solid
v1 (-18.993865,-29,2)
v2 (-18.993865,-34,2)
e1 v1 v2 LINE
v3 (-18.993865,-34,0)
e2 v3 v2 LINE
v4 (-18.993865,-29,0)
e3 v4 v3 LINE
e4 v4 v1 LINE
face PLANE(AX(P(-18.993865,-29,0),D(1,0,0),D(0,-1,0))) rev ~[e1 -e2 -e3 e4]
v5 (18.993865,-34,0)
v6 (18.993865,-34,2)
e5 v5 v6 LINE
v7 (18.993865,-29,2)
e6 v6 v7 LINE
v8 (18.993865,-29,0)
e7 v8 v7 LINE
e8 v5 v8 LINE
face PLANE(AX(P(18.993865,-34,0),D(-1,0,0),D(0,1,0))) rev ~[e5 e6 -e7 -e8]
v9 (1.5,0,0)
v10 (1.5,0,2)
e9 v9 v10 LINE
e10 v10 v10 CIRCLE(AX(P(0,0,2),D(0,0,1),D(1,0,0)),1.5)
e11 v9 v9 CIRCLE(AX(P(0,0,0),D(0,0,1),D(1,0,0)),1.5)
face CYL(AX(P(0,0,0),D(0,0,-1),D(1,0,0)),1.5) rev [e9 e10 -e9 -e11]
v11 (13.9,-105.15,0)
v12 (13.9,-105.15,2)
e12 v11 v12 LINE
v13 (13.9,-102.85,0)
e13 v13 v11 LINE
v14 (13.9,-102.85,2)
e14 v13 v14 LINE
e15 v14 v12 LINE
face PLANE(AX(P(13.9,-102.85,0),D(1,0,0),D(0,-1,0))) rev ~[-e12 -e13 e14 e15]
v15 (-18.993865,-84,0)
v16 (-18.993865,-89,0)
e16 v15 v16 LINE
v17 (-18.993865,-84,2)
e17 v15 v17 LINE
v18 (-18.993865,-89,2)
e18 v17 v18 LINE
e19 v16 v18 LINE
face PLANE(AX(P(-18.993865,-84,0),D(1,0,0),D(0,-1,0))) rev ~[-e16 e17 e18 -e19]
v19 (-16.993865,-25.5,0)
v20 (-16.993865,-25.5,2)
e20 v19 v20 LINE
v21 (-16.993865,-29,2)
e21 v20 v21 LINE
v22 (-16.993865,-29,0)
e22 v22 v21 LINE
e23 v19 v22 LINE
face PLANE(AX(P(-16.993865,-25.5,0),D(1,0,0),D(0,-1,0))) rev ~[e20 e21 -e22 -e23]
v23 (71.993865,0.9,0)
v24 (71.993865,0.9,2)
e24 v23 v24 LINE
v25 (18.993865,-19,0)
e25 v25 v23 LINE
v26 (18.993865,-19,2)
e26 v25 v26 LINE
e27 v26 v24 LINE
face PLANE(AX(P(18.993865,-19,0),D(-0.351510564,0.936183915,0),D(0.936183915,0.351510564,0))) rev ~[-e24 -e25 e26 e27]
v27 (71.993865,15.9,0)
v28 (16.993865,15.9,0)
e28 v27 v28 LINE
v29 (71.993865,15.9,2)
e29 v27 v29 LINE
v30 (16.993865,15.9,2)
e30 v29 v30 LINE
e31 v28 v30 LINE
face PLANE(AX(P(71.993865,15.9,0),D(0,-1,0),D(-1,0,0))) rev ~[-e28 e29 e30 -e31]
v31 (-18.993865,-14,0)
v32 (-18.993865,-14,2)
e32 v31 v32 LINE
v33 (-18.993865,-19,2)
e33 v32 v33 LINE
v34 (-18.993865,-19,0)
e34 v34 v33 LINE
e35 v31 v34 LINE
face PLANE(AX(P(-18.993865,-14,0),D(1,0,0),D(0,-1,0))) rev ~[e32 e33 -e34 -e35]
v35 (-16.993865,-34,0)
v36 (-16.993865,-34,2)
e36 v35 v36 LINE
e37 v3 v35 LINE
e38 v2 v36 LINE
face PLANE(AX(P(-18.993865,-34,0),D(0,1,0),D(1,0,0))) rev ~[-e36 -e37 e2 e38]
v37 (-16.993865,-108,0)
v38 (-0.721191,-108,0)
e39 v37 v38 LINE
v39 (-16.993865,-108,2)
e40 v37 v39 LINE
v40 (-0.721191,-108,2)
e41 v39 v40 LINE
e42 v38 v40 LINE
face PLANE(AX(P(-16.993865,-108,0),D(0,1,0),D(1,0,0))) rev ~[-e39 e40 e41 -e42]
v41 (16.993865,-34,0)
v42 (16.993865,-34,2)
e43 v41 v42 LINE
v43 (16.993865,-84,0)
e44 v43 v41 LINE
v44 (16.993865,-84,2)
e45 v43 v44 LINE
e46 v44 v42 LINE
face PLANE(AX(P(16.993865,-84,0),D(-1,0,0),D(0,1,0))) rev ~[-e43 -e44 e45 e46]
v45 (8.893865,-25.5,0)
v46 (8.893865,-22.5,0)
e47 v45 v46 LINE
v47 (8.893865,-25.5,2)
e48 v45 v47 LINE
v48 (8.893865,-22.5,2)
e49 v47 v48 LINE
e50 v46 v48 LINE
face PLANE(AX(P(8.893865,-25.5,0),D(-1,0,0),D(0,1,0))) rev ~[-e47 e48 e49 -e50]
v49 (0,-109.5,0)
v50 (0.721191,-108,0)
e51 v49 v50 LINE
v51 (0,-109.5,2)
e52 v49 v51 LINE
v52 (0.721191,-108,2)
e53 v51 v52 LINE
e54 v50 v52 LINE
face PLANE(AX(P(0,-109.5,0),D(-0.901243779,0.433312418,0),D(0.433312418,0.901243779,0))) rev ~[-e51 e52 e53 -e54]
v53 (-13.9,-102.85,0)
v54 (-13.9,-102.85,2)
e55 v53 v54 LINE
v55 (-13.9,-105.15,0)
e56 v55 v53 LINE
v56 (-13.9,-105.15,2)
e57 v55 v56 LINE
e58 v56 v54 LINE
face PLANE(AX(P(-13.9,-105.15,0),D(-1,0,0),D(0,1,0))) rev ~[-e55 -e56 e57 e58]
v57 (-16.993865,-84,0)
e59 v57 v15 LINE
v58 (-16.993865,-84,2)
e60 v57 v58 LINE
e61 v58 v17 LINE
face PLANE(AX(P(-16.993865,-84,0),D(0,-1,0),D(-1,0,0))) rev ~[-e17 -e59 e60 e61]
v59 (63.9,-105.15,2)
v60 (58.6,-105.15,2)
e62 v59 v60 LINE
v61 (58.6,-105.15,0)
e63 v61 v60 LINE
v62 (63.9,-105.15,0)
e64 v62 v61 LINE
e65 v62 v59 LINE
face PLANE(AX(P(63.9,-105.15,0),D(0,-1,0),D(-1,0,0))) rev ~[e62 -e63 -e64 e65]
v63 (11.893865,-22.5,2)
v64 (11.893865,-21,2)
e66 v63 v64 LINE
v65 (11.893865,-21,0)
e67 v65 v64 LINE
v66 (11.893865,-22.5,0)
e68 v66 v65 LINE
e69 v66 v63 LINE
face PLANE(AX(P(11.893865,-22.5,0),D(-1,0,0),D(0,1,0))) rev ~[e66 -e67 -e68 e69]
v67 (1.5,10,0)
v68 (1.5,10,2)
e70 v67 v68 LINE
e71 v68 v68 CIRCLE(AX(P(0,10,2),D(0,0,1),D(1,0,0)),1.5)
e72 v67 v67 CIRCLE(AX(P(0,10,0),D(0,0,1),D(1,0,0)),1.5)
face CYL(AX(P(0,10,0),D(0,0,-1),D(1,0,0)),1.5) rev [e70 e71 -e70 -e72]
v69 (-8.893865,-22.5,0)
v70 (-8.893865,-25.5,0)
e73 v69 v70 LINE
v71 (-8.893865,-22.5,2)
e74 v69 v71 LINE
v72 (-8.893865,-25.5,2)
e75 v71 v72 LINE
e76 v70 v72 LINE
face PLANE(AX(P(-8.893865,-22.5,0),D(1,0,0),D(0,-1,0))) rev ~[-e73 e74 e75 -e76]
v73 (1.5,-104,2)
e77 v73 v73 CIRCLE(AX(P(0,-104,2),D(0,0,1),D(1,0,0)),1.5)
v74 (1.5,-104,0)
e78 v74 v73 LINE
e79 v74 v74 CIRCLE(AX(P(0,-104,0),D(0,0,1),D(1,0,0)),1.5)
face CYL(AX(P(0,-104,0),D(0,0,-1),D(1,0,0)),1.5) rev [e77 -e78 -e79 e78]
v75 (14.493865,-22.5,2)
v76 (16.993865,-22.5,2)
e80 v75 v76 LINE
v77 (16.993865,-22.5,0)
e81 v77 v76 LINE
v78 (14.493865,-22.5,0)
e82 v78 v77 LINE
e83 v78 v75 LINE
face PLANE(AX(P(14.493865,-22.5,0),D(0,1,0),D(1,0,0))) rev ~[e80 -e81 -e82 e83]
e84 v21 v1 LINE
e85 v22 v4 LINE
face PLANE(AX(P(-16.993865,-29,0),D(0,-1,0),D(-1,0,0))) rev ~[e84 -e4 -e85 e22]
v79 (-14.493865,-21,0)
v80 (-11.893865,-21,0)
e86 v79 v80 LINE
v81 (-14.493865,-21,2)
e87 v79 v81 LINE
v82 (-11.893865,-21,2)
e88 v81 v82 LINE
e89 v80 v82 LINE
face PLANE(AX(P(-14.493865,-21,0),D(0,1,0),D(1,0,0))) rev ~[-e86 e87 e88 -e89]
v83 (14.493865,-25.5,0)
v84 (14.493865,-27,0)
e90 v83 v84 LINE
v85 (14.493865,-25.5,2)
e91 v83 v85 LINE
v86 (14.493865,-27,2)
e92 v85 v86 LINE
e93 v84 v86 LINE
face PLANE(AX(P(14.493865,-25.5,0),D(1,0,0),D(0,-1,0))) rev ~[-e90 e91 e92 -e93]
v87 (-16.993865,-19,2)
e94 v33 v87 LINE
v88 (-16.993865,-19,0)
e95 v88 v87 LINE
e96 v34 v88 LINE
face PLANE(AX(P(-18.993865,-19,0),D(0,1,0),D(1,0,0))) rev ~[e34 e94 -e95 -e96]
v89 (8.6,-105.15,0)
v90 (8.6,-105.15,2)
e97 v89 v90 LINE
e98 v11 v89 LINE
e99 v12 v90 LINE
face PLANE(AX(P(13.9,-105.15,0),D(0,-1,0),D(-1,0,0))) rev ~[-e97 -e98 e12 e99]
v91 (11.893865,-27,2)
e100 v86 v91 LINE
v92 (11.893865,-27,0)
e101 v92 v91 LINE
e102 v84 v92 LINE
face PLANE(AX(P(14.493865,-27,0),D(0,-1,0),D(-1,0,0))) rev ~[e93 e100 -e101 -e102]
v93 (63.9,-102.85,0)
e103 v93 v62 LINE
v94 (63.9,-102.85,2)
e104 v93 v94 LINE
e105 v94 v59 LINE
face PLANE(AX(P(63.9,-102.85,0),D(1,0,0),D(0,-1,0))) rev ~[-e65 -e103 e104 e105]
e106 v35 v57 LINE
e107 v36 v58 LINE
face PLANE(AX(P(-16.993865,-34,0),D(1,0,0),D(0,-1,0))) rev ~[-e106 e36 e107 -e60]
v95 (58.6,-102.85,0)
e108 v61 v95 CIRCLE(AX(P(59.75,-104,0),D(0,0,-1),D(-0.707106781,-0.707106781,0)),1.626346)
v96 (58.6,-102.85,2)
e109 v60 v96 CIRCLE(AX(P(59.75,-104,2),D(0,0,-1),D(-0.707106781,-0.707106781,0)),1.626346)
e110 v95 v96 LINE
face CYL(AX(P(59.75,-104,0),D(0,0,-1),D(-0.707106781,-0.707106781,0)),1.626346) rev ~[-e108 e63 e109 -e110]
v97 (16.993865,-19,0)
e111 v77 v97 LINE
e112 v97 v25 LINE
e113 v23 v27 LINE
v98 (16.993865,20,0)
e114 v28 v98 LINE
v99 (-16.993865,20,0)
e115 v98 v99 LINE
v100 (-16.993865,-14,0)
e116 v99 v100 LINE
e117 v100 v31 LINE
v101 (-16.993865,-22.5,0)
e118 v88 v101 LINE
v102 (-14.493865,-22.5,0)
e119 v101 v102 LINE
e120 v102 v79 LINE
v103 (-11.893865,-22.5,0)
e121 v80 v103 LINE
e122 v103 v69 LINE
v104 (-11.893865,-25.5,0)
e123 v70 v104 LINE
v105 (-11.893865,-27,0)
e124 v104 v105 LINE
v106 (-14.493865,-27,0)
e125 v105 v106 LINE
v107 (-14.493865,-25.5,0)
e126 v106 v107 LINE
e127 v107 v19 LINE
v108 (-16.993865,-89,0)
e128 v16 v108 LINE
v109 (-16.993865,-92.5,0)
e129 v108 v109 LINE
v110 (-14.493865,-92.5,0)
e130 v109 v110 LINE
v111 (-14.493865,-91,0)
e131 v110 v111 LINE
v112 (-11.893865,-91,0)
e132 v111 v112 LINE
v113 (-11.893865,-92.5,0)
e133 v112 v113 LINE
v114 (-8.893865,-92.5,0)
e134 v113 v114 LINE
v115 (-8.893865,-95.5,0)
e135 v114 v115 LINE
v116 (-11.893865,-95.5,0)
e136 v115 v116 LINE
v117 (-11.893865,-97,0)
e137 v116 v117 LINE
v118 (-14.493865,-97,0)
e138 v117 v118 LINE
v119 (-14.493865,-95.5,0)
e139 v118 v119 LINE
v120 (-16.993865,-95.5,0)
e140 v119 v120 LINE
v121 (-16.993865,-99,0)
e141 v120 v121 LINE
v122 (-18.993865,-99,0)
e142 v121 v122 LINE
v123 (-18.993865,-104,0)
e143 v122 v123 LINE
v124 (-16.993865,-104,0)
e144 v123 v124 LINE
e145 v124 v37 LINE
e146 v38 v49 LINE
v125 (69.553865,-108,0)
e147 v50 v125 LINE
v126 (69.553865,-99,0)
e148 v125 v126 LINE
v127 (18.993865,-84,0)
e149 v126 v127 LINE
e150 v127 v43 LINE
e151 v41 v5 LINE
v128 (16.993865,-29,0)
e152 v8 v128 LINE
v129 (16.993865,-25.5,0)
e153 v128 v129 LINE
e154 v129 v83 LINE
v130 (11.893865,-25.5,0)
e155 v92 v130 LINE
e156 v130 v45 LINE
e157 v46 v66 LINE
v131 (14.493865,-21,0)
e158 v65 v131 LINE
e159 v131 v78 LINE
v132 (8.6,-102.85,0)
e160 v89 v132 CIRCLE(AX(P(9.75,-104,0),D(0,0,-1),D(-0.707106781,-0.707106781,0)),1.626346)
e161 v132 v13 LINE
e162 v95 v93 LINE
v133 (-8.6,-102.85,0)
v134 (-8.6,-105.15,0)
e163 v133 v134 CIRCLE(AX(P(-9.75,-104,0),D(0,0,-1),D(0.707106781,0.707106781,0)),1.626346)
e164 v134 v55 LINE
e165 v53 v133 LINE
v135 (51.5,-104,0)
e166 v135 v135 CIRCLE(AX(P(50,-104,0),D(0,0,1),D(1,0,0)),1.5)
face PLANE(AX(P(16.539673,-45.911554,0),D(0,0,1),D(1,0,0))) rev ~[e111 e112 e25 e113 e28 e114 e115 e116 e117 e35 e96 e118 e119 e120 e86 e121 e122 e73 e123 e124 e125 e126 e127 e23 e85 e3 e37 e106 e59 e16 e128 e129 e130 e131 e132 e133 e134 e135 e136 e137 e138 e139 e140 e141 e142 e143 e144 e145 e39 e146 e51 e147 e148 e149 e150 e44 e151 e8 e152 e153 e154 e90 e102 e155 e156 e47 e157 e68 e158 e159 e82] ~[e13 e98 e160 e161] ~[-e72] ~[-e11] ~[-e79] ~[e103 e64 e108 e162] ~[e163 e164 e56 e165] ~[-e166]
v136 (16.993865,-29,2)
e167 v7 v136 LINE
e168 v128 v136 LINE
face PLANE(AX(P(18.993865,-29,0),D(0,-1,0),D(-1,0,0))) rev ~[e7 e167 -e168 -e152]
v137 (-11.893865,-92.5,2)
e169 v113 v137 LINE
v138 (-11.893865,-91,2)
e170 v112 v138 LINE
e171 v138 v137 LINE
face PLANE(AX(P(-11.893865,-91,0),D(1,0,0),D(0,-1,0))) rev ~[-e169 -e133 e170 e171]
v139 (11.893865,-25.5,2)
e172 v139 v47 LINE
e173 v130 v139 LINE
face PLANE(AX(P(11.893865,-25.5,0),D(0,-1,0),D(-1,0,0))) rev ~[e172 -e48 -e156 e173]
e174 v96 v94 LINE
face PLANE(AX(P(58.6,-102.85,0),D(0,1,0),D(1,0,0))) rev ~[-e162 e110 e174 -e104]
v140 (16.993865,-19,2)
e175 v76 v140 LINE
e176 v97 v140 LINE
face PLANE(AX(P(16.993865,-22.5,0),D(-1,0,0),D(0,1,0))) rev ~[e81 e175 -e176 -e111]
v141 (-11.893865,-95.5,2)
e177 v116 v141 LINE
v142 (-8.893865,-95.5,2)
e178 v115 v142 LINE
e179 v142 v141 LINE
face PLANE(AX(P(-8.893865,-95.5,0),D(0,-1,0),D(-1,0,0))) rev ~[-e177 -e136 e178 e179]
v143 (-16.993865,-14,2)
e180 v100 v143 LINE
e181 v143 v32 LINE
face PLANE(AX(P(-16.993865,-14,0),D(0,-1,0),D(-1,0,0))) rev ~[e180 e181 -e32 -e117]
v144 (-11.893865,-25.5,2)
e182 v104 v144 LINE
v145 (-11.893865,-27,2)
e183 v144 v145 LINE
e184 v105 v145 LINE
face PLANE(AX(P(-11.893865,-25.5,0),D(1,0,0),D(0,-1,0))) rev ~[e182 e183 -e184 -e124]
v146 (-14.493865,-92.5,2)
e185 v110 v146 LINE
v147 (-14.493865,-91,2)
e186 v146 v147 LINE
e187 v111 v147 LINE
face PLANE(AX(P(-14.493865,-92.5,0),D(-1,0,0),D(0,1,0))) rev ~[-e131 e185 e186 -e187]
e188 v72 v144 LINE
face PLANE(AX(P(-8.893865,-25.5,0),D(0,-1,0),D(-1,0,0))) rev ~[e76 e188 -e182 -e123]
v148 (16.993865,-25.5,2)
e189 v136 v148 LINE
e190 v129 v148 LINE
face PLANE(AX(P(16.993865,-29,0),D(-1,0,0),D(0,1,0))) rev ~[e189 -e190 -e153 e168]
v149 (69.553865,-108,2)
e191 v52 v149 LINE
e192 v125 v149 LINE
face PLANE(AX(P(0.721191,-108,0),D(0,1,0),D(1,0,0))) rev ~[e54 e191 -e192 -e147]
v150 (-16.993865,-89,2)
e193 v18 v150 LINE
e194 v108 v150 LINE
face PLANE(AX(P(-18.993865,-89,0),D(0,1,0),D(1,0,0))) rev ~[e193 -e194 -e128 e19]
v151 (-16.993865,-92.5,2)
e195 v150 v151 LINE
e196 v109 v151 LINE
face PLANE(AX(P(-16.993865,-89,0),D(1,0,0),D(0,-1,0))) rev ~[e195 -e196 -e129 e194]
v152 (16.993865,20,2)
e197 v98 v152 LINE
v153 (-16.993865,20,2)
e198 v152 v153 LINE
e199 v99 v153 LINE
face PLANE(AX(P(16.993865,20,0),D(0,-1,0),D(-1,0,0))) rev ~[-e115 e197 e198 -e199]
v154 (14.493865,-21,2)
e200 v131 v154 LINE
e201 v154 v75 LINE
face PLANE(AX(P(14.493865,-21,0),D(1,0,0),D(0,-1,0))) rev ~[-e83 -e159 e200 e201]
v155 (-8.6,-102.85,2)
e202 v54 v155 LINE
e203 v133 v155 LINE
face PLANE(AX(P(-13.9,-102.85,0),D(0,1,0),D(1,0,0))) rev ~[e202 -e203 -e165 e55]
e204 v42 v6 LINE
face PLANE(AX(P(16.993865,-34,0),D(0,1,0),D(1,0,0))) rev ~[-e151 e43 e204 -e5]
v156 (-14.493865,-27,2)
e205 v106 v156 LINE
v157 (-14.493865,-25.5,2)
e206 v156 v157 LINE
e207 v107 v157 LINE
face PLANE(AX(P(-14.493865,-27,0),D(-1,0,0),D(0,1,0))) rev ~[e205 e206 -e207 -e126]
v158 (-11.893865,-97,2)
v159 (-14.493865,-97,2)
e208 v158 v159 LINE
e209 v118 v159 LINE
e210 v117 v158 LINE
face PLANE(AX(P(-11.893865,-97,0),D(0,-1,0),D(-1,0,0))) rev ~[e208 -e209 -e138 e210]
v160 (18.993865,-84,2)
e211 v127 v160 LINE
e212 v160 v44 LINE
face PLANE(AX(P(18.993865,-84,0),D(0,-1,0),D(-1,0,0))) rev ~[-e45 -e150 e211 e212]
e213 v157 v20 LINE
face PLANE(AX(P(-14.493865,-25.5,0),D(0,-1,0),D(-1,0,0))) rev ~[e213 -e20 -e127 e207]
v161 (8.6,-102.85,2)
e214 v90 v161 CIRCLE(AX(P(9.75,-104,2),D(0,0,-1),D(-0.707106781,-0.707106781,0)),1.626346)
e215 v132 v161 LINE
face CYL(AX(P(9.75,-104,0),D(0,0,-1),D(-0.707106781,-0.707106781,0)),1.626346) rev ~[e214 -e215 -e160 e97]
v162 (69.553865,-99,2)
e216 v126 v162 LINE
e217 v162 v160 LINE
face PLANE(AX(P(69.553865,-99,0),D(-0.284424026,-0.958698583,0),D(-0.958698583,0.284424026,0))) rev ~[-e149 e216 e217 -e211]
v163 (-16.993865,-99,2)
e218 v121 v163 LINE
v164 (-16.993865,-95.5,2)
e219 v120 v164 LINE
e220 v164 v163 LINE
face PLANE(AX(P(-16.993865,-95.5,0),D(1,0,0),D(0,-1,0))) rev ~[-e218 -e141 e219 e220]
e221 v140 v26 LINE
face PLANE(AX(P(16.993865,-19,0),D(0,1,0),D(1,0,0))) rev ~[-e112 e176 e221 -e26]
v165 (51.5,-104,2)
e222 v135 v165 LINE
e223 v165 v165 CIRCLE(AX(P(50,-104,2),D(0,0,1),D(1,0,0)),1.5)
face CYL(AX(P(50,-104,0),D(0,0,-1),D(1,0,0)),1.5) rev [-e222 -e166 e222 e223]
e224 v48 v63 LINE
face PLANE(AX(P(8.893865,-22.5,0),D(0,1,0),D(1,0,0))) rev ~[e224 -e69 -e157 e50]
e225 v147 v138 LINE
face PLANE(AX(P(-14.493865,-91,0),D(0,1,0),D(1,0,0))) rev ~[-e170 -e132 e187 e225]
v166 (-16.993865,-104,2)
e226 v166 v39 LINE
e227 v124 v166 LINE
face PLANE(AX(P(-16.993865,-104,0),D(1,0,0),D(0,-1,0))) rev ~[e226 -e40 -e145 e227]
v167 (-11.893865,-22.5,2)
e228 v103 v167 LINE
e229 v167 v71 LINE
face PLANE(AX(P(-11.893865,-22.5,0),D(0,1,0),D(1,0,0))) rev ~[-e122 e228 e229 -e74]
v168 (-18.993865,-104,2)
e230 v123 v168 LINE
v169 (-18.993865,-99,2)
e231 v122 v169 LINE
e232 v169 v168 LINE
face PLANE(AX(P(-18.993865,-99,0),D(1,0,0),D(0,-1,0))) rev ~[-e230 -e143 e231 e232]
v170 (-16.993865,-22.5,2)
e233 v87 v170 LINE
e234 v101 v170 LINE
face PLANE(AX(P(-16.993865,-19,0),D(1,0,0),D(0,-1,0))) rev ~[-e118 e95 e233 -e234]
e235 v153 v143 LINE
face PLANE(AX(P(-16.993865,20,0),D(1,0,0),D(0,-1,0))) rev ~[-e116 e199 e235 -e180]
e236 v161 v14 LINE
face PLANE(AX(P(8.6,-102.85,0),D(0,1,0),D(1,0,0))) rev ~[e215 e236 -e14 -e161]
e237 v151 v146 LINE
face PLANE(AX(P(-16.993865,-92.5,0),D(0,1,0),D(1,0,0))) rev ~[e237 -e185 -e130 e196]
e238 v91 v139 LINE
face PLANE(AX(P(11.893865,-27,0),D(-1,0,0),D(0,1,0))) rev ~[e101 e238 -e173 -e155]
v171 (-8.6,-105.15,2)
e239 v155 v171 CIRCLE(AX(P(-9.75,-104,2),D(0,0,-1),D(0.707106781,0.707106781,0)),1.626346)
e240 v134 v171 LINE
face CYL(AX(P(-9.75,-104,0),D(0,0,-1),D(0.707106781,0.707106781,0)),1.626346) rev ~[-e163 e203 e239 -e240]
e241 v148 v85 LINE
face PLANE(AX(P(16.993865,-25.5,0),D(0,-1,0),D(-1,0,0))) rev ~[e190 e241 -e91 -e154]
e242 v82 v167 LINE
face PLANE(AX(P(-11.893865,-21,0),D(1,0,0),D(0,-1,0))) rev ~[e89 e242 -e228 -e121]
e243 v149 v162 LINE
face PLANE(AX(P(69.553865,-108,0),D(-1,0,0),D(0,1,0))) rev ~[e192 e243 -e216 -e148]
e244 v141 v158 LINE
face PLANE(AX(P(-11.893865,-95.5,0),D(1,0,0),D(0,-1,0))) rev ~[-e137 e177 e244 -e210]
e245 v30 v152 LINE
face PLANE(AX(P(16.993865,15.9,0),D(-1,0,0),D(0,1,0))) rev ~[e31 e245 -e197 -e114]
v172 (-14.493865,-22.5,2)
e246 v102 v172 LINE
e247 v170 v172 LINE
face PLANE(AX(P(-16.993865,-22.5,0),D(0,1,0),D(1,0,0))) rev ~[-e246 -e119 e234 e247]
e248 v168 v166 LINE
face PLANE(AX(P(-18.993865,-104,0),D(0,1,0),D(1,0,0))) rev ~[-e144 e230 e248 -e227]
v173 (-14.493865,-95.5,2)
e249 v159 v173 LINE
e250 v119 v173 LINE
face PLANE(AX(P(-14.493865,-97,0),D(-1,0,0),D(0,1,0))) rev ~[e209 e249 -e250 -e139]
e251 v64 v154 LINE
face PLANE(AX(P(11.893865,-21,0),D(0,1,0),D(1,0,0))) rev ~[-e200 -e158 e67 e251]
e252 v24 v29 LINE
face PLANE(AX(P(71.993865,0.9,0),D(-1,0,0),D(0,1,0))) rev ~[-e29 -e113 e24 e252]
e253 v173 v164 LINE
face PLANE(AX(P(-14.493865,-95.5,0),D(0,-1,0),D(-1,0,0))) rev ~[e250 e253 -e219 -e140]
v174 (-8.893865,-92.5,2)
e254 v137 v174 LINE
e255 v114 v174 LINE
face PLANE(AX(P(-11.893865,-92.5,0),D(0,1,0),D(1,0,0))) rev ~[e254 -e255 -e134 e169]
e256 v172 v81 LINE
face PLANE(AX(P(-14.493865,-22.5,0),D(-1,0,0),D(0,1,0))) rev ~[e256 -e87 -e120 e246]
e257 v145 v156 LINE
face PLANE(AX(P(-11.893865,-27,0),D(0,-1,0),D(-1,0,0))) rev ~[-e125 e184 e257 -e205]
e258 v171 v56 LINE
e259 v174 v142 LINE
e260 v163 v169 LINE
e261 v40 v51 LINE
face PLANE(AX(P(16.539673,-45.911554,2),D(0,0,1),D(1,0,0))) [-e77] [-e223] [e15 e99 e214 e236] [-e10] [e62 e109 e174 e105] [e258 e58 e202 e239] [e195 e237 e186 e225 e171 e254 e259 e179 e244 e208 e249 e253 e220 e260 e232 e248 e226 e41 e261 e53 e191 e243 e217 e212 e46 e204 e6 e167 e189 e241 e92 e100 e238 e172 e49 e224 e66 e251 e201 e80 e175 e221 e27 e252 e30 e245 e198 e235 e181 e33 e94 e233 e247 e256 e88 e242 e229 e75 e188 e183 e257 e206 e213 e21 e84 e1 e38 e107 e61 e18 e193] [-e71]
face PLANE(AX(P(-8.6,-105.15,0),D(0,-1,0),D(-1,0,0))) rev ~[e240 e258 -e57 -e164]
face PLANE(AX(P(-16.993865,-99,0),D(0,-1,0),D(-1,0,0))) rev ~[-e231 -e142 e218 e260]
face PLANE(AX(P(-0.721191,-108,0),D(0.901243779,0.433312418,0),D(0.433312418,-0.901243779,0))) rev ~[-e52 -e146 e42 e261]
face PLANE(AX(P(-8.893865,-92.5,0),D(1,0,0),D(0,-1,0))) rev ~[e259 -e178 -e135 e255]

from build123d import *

# Parameters (mm, degrees)
SKETCH_1_R      = 1.5
EXTRUDE_1_DEPTH = 2


with BuildPart() as part:
    # 草图1 → 凸台-拉伸1 (new body)
    with BuildSketch(Plane.XY):
        Polygon((16.993865071, 15.9), (16.993865071, 20), (-16.993865071, 20), (-16.993865071, 15.9), (-16.993865071, -14), (-18.993865071, -14), (-18.993865071, -19), (-16.993865071, -19), (-16.993865071, -22.5), (-14.493865071, -22.5), (-14.493865071, -21), (-11.893865071, -21), (-11.893865071, -22.5), (-8.893865071, -22.5), (-8.893865071, -25.5), (-11.893865071, -25.5), (-11.893865071, -27), (-14.493865071, -27), (-14.493865071, -25.5), (-16.993865071, -25.5), (-16.993865071, -29), (-18.993865071, -29), (-18.993865071, -34), (-16.993865071, -34), (-16.993865071, -84), (-18.993865071, -84), (-18.993865071, -89), (-16.993865071, -89), (-16.993865071, -92.5), (-14.493865071, -92.5), (-14.493865071, -91), (-11.893865071, -91), (-11.893865071, -92.5), (-8.893865071, -92.5), (-8.893865071, -95.5), (-11.893865071, -95.5), (-11.893865071, -97), (-14.493865071, -97), (-14.493865071, -95.5), (-16.993865071, -95.5), (-16.993865071, -99), (-18.993865071, -99), (-18.993865071, -104), (-16.993865071, -104), (-16.993865071, -108), (-0.721190694, -108), (0, -109.5), (0.721190694, -108), (16.993865071, -108), (69.553865071, -108), (69.553865071, -105), (69.553865071, -99), (18.993865071, -84), (16.993865071, -84), (16.993865071, -34), (18.993865071, -34), (18.993865071, -29), (16.993865071, -29), (16.993865071, -25.5), (14.493865071, -25.5), (14.493865071, -27), (11.893865071, -27), (11.893865071, -25.5), (8.893865071, -25.5), (8.893865071, -22.5), (11.893865071, -22.5), (11.893865071, -21), (14.493865071, -21), (14.493865071, -22.5), (16.993865071, -22.5), (16.993865071, -19), (18.993865071, -19), (71.993865071, 0.9), (71.993865071, 15.9), align=None)
        with Locations((0, -104)):
            Circle(SKETCH_1_R, mode=Mode.SUBTRACT)
        Circle(SKETCH_1_R, mode=Mode.SUBTRACT)
        with Locations((0, 10)):
            Circle(SKETCH_1_R, mode=Mode.SUBTRACT)
        with Locations((50, -104)):
            Circle(SKETCH_1_R, mode=Mode.SUBTRACT)
        with BuildLine():
            Line((13.9, -105.15), (8.6, -105.15))
            ThreePointArc((8.6, -105.15), (8.123654403, -104), (8.6, -102.85))
            Line((8.6, -102.85), (13.9, -102.85))
            Line((13.9, -102.85), (13.9, -105.15))
        make_face(mode=Mode.SUBTRACT)
        with BuildLine():
            Line((-13.9, -102.85), (-8.6, -102.85))
            ThreePointArc((-8.6, -102.85), (-8.123654403, -104), (-8.6, -105.15))
            Line((-8.6, -105.15), (-13.9, -105.15))
            Line((-13.9, -105.15), (-13.9, -102.85))
        make_face(mode=Mode.SUBTRACT)
        with BuildLine():
            Line((63.9, -105.15), (58.6, -105.15))
            ThreePointArc((58.6, -105.15), (58.123654403, -104), (58.6, -102.85))
            Line((58.6, -102.85), (63.9, -102.85))
            Line((63.9, -102.85), (63.9, -105.15))
        make_face(mode=Mode.SUBTRACT)
    extrude(amount=EXTRUDE_1_DEPTH)


solid = part.part
